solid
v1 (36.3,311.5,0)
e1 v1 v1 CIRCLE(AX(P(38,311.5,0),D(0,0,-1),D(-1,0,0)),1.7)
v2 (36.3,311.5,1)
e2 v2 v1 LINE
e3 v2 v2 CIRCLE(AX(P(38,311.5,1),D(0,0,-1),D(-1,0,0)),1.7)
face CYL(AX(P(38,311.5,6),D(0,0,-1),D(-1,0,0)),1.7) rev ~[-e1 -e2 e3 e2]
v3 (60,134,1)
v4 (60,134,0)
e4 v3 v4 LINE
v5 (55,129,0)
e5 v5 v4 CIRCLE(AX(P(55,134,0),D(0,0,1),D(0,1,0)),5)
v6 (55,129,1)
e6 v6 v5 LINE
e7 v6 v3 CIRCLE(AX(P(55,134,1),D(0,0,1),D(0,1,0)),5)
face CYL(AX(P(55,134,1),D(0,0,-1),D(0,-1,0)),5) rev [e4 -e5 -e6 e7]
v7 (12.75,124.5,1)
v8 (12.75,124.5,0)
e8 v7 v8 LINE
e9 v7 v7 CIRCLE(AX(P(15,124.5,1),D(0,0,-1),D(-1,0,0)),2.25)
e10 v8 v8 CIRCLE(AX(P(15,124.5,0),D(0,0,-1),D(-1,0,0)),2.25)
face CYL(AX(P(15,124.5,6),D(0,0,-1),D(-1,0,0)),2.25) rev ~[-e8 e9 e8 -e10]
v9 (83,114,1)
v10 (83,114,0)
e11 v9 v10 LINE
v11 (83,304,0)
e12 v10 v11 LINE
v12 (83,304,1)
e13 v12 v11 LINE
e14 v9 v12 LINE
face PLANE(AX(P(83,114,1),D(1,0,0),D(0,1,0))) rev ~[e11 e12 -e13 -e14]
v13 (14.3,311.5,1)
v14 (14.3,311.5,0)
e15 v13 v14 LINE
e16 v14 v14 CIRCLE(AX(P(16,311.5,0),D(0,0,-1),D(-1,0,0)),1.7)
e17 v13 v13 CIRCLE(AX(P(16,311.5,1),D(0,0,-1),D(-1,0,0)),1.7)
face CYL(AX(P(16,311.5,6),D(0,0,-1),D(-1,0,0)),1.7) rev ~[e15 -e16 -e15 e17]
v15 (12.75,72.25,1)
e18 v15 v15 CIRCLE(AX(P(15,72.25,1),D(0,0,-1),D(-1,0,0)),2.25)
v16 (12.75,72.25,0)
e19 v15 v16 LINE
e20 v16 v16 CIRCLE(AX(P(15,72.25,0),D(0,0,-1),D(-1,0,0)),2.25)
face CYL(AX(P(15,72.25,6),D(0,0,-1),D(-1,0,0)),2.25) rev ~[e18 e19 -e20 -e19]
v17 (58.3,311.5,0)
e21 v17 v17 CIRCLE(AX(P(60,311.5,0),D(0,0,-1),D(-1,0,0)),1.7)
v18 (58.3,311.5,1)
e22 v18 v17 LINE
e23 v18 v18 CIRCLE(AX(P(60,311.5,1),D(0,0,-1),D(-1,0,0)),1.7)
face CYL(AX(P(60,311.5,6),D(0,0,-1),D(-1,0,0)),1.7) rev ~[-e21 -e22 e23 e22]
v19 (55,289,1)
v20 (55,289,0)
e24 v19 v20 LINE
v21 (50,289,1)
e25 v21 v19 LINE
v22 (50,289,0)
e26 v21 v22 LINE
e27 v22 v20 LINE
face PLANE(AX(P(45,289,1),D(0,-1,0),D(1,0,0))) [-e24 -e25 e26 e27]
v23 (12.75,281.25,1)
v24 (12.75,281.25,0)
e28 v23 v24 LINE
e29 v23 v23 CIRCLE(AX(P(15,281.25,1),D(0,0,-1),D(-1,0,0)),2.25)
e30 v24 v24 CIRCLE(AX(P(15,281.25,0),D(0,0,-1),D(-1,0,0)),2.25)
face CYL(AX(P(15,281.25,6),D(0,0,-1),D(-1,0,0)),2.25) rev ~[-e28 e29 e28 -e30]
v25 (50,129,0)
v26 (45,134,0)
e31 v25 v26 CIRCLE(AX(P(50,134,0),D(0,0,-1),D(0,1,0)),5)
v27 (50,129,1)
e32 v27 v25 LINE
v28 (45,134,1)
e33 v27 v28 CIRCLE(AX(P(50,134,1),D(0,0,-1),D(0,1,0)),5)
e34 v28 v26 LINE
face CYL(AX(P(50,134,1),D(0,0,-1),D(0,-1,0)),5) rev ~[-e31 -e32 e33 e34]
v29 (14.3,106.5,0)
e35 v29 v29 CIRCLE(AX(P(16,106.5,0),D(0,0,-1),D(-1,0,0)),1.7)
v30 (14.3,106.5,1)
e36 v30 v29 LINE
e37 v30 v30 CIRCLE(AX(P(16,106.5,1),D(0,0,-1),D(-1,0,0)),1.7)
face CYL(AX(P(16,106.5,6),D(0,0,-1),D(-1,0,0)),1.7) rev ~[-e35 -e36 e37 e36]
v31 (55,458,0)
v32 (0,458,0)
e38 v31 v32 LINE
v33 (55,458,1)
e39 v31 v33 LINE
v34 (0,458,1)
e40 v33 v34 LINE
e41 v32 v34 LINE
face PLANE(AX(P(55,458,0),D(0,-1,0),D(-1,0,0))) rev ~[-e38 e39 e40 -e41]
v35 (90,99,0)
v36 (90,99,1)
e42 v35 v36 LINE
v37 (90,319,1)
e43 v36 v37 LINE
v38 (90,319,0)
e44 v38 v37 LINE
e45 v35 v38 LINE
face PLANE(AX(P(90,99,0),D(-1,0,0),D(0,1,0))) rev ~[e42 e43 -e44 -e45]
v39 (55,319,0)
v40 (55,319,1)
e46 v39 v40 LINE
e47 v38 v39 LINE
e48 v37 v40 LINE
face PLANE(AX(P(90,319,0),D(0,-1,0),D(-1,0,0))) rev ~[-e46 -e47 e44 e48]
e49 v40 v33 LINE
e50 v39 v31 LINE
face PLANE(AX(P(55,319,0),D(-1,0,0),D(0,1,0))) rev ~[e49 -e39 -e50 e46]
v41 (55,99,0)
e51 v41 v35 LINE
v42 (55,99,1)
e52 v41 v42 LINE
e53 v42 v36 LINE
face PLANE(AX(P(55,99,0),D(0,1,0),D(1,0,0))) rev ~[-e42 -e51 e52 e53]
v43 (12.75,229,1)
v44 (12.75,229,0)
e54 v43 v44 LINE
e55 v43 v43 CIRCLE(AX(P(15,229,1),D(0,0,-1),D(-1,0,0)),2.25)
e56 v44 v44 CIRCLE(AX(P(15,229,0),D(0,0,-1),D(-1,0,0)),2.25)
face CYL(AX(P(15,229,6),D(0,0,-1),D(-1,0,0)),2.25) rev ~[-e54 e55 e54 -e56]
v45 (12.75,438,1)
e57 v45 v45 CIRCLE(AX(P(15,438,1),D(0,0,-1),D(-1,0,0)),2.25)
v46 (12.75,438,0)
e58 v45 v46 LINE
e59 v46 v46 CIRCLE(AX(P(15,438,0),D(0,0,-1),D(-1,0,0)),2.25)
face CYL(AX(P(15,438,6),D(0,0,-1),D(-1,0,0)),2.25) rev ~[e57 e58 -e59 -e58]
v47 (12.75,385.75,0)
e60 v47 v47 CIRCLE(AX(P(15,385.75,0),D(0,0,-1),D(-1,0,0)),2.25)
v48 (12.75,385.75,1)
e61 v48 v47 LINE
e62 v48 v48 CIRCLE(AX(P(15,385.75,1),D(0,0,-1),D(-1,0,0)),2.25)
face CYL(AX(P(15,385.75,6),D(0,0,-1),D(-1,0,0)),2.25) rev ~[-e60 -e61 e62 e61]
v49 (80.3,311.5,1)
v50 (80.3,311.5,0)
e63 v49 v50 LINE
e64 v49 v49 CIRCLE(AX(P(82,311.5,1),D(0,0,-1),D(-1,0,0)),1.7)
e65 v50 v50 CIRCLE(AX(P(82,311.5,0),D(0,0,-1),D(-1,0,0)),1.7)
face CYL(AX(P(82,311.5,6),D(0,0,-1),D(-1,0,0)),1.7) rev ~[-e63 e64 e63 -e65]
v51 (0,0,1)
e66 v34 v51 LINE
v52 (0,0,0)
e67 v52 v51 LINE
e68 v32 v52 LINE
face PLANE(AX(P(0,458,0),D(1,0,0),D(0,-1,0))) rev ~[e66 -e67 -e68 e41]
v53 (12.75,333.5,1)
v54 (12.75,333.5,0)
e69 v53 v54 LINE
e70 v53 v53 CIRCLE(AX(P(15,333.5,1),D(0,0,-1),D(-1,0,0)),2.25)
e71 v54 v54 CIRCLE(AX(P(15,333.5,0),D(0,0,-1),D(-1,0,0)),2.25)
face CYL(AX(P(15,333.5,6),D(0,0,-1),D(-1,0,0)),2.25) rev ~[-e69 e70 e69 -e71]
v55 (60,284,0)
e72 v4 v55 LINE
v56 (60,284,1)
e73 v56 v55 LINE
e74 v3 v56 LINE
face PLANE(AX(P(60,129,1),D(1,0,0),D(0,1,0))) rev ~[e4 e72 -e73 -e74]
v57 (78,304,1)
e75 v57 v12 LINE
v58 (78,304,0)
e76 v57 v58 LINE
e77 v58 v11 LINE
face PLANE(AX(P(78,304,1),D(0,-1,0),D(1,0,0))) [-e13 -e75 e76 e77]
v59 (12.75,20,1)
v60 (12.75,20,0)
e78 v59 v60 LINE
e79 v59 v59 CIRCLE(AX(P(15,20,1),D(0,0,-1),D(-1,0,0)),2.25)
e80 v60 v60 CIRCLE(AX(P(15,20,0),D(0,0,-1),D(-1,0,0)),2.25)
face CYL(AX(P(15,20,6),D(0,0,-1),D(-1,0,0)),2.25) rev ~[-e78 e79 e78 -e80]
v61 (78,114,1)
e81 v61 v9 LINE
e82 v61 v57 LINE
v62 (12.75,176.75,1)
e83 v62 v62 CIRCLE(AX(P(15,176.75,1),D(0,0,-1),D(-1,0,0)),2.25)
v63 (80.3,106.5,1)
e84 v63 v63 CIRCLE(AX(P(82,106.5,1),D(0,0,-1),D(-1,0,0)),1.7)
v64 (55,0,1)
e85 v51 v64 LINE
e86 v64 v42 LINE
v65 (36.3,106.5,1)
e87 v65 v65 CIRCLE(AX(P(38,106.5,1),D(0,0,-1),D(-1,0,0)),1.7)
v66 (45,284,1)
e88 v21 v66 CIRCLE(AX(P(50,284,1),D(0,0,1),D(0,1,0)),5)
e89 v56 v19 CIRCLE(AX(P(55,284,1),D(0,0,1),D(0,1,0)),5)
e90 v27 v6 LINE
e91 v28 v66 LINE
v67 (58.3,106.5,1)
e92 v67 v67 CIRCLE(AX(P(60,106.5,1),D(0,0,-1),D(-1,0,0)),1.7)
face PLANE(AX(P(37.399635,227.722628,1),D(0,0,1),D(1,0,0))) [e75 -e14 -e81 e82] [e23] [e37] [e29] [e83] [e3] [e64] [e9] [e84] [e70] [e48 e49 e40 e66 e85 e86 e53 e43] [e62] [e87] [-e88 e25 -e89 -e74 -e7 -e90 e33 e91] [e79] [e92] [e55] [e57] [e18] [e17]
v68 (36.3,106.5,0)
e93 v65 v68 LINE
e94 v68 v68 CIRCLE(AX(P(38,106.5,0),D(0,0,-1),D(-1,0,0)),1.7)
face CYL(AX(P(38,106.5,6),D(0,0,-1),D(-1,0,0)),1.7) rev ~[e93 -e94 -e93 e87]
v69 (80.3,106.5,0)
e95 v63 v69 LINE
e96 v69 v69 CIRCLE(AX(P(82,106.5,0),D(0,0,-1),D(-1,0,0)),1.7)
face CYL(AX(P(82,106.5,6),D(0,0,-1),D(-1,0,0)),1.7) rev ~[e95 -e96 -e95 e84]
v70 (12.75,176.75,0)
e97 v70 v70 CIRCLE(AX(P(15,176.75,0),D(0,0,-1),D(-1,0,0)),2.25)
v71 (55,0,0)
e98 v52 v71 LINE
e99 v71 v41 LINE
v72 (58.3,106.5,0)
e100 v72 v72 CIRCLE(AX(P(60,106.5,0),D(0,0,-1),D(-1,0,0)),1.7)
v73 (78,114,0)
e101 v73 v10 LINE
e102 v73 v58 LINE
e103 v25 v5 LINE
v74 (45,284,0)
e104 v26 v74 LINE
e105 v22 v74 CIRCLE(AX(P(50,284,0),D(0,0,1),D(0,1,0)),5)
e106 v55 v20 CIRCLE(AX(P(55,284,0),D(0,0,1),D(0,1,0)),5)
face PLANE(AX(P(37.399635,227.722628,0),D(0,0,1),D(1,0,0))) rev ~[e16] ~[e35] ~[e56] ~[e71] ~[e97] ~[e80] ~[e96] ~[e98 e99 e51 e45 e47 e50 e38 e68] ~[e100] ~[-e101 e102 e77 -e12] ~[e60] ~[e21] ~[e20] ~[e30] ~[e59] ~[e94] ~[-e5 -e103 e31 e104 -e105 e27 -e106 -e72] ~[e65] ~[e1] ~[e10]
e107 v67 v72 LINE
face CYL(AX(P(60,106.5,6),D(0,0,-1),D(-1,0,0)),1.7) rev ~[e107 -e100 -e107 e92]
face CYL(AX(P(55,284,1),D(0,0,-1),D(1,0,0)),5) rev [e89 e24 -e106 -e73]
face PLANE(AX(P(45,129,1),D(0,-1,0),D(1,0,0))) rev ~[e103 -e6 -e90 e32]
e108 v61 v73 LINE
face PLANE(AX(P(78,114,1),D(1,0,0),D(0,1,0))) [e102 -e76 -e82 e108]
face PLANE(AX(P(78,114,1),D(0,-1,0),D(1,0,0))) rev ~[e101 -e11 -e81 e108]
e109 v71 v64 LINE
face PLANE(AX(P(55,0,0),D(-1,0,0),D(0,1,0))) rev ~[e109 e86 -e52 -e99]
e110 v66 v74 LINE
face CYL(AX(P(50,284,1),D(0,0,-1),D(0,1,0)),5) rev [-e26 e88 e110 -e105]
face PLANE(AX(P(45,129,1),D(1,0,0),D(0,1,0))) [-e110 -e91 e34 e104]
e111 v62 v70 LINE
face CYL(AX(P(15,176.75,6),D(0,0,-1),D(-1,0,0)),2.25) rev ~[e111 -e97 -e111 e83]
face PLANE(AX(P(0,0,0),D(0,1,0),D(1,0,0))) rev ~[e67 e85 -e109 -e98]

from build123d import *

# Parameters (mm, degrees)
EXTRUDE_1_DEPTH       = 1
HOLE_WIZARD_M41_D     = 4.5
HOLE_WIZARD_M41_DEPTH = 5
HOLE_WIZARD_M41_TIP   = 1.351936393
SKETCH_4_W            = 5
SKETCH_4_H            = 190
SKETCH_4_W_2          = 15
SKETCH_4_H_2          = 160
CUT_EXTRUDE_1_DEPTH   = 467.760109692
FILLET_1_R            = 5
HOLE_WIZARD_M31_D     = 3.4
HOLE_WIZARD_M31_DEPTH = 5
HOLE_WIZARD_M31_TIP   = 1.021463052


with BuildPart() as part:
    # Эскиз1 → Бобышка-Вытянуть1 (new body)
    with BuildSketch(Plane.XY):
        Polygon((55, 319), (55, 458), (0, 458), (0, 0), (55, 0), (55, 99), (90, 99), (90, 319), align=None)
    extrude(amount=EXTRUDE_1_DEPTH)

    # Отверстие с зазором M41
    with Locations(Plane.XY.offset(1)):
        with Locations((15, 20), (15, 72.25), (15, 124.5), (15, 176.75), (15, 229), (15, 281.25), (15, 333.5), (15, 385.75), (15, 438)):
            Hole(HOLE_WIZARD_M41_D / 2, depth=HOLE_WIZARD_M41_DEPTH)
            with Locations((0, 0, -(HOLE_WIZARD_M41_DEPTH + HOLE_WIZARD_M41_TIP / 2))):  # 118° drill point
                Cone(0, HOLE_WIZARD_M41_D / 2, HOLE_WIZARD_M41_TIP, mode=Mode.SUBTRACT)

    # Эскиз4 → Вырез-Вытянуть1 (cut, through all)
    with BuildSketch(Plane.XY.offset(1)):
        with Locations((80.5, 209)):
            Rectangle(SKETCH_4_W, SKETCH_4_H)
        with Locations((52.5, 209)):
            Rectangle(SKETCH_4_W_2, SKETCH_4_H_2)
    extrude(amount=-CUT_EXTRUDE_1_DEPTH, mode=Mode.SUBTRACT)

    # Скругление1
    fillet_1_edges = [part.edges().sort_by_distance(p)[0] for p in [
        (60, 289, 0.5),
        (60, 129, 0.5),
        (45, 129, 0.5),
        (45, 289, 0.5),
    ]]
    fillet(fillet_1_edges, radius=FILLET_1_R)

    # Отверстие с зазором M31
    with Locations(Plane.XY.offset(1)):
        with Locations((82, 106.5), (82, 311.5), (60, 106.5), (60, 311.5), (38, 106.5), (38, 311.5), (16, 106.5), (16, 311.5)):
            Hole(HOLE_WIZARD_M31_D / 2, depth=HOLE_WIZARD_M31_DEPTH)
            with Locations((0, 0, -(HOLE_WIZARD_M31_DEPTH + HOLE_WIZARD_M31_TIP / 2))):  # 118° drill point
                Cone(0, HOLE_WIZARD_M31_D / 2, HOLE_WIZARD_M31_TIP, mode=Mode.SUBTRACT)


solid = part.part
